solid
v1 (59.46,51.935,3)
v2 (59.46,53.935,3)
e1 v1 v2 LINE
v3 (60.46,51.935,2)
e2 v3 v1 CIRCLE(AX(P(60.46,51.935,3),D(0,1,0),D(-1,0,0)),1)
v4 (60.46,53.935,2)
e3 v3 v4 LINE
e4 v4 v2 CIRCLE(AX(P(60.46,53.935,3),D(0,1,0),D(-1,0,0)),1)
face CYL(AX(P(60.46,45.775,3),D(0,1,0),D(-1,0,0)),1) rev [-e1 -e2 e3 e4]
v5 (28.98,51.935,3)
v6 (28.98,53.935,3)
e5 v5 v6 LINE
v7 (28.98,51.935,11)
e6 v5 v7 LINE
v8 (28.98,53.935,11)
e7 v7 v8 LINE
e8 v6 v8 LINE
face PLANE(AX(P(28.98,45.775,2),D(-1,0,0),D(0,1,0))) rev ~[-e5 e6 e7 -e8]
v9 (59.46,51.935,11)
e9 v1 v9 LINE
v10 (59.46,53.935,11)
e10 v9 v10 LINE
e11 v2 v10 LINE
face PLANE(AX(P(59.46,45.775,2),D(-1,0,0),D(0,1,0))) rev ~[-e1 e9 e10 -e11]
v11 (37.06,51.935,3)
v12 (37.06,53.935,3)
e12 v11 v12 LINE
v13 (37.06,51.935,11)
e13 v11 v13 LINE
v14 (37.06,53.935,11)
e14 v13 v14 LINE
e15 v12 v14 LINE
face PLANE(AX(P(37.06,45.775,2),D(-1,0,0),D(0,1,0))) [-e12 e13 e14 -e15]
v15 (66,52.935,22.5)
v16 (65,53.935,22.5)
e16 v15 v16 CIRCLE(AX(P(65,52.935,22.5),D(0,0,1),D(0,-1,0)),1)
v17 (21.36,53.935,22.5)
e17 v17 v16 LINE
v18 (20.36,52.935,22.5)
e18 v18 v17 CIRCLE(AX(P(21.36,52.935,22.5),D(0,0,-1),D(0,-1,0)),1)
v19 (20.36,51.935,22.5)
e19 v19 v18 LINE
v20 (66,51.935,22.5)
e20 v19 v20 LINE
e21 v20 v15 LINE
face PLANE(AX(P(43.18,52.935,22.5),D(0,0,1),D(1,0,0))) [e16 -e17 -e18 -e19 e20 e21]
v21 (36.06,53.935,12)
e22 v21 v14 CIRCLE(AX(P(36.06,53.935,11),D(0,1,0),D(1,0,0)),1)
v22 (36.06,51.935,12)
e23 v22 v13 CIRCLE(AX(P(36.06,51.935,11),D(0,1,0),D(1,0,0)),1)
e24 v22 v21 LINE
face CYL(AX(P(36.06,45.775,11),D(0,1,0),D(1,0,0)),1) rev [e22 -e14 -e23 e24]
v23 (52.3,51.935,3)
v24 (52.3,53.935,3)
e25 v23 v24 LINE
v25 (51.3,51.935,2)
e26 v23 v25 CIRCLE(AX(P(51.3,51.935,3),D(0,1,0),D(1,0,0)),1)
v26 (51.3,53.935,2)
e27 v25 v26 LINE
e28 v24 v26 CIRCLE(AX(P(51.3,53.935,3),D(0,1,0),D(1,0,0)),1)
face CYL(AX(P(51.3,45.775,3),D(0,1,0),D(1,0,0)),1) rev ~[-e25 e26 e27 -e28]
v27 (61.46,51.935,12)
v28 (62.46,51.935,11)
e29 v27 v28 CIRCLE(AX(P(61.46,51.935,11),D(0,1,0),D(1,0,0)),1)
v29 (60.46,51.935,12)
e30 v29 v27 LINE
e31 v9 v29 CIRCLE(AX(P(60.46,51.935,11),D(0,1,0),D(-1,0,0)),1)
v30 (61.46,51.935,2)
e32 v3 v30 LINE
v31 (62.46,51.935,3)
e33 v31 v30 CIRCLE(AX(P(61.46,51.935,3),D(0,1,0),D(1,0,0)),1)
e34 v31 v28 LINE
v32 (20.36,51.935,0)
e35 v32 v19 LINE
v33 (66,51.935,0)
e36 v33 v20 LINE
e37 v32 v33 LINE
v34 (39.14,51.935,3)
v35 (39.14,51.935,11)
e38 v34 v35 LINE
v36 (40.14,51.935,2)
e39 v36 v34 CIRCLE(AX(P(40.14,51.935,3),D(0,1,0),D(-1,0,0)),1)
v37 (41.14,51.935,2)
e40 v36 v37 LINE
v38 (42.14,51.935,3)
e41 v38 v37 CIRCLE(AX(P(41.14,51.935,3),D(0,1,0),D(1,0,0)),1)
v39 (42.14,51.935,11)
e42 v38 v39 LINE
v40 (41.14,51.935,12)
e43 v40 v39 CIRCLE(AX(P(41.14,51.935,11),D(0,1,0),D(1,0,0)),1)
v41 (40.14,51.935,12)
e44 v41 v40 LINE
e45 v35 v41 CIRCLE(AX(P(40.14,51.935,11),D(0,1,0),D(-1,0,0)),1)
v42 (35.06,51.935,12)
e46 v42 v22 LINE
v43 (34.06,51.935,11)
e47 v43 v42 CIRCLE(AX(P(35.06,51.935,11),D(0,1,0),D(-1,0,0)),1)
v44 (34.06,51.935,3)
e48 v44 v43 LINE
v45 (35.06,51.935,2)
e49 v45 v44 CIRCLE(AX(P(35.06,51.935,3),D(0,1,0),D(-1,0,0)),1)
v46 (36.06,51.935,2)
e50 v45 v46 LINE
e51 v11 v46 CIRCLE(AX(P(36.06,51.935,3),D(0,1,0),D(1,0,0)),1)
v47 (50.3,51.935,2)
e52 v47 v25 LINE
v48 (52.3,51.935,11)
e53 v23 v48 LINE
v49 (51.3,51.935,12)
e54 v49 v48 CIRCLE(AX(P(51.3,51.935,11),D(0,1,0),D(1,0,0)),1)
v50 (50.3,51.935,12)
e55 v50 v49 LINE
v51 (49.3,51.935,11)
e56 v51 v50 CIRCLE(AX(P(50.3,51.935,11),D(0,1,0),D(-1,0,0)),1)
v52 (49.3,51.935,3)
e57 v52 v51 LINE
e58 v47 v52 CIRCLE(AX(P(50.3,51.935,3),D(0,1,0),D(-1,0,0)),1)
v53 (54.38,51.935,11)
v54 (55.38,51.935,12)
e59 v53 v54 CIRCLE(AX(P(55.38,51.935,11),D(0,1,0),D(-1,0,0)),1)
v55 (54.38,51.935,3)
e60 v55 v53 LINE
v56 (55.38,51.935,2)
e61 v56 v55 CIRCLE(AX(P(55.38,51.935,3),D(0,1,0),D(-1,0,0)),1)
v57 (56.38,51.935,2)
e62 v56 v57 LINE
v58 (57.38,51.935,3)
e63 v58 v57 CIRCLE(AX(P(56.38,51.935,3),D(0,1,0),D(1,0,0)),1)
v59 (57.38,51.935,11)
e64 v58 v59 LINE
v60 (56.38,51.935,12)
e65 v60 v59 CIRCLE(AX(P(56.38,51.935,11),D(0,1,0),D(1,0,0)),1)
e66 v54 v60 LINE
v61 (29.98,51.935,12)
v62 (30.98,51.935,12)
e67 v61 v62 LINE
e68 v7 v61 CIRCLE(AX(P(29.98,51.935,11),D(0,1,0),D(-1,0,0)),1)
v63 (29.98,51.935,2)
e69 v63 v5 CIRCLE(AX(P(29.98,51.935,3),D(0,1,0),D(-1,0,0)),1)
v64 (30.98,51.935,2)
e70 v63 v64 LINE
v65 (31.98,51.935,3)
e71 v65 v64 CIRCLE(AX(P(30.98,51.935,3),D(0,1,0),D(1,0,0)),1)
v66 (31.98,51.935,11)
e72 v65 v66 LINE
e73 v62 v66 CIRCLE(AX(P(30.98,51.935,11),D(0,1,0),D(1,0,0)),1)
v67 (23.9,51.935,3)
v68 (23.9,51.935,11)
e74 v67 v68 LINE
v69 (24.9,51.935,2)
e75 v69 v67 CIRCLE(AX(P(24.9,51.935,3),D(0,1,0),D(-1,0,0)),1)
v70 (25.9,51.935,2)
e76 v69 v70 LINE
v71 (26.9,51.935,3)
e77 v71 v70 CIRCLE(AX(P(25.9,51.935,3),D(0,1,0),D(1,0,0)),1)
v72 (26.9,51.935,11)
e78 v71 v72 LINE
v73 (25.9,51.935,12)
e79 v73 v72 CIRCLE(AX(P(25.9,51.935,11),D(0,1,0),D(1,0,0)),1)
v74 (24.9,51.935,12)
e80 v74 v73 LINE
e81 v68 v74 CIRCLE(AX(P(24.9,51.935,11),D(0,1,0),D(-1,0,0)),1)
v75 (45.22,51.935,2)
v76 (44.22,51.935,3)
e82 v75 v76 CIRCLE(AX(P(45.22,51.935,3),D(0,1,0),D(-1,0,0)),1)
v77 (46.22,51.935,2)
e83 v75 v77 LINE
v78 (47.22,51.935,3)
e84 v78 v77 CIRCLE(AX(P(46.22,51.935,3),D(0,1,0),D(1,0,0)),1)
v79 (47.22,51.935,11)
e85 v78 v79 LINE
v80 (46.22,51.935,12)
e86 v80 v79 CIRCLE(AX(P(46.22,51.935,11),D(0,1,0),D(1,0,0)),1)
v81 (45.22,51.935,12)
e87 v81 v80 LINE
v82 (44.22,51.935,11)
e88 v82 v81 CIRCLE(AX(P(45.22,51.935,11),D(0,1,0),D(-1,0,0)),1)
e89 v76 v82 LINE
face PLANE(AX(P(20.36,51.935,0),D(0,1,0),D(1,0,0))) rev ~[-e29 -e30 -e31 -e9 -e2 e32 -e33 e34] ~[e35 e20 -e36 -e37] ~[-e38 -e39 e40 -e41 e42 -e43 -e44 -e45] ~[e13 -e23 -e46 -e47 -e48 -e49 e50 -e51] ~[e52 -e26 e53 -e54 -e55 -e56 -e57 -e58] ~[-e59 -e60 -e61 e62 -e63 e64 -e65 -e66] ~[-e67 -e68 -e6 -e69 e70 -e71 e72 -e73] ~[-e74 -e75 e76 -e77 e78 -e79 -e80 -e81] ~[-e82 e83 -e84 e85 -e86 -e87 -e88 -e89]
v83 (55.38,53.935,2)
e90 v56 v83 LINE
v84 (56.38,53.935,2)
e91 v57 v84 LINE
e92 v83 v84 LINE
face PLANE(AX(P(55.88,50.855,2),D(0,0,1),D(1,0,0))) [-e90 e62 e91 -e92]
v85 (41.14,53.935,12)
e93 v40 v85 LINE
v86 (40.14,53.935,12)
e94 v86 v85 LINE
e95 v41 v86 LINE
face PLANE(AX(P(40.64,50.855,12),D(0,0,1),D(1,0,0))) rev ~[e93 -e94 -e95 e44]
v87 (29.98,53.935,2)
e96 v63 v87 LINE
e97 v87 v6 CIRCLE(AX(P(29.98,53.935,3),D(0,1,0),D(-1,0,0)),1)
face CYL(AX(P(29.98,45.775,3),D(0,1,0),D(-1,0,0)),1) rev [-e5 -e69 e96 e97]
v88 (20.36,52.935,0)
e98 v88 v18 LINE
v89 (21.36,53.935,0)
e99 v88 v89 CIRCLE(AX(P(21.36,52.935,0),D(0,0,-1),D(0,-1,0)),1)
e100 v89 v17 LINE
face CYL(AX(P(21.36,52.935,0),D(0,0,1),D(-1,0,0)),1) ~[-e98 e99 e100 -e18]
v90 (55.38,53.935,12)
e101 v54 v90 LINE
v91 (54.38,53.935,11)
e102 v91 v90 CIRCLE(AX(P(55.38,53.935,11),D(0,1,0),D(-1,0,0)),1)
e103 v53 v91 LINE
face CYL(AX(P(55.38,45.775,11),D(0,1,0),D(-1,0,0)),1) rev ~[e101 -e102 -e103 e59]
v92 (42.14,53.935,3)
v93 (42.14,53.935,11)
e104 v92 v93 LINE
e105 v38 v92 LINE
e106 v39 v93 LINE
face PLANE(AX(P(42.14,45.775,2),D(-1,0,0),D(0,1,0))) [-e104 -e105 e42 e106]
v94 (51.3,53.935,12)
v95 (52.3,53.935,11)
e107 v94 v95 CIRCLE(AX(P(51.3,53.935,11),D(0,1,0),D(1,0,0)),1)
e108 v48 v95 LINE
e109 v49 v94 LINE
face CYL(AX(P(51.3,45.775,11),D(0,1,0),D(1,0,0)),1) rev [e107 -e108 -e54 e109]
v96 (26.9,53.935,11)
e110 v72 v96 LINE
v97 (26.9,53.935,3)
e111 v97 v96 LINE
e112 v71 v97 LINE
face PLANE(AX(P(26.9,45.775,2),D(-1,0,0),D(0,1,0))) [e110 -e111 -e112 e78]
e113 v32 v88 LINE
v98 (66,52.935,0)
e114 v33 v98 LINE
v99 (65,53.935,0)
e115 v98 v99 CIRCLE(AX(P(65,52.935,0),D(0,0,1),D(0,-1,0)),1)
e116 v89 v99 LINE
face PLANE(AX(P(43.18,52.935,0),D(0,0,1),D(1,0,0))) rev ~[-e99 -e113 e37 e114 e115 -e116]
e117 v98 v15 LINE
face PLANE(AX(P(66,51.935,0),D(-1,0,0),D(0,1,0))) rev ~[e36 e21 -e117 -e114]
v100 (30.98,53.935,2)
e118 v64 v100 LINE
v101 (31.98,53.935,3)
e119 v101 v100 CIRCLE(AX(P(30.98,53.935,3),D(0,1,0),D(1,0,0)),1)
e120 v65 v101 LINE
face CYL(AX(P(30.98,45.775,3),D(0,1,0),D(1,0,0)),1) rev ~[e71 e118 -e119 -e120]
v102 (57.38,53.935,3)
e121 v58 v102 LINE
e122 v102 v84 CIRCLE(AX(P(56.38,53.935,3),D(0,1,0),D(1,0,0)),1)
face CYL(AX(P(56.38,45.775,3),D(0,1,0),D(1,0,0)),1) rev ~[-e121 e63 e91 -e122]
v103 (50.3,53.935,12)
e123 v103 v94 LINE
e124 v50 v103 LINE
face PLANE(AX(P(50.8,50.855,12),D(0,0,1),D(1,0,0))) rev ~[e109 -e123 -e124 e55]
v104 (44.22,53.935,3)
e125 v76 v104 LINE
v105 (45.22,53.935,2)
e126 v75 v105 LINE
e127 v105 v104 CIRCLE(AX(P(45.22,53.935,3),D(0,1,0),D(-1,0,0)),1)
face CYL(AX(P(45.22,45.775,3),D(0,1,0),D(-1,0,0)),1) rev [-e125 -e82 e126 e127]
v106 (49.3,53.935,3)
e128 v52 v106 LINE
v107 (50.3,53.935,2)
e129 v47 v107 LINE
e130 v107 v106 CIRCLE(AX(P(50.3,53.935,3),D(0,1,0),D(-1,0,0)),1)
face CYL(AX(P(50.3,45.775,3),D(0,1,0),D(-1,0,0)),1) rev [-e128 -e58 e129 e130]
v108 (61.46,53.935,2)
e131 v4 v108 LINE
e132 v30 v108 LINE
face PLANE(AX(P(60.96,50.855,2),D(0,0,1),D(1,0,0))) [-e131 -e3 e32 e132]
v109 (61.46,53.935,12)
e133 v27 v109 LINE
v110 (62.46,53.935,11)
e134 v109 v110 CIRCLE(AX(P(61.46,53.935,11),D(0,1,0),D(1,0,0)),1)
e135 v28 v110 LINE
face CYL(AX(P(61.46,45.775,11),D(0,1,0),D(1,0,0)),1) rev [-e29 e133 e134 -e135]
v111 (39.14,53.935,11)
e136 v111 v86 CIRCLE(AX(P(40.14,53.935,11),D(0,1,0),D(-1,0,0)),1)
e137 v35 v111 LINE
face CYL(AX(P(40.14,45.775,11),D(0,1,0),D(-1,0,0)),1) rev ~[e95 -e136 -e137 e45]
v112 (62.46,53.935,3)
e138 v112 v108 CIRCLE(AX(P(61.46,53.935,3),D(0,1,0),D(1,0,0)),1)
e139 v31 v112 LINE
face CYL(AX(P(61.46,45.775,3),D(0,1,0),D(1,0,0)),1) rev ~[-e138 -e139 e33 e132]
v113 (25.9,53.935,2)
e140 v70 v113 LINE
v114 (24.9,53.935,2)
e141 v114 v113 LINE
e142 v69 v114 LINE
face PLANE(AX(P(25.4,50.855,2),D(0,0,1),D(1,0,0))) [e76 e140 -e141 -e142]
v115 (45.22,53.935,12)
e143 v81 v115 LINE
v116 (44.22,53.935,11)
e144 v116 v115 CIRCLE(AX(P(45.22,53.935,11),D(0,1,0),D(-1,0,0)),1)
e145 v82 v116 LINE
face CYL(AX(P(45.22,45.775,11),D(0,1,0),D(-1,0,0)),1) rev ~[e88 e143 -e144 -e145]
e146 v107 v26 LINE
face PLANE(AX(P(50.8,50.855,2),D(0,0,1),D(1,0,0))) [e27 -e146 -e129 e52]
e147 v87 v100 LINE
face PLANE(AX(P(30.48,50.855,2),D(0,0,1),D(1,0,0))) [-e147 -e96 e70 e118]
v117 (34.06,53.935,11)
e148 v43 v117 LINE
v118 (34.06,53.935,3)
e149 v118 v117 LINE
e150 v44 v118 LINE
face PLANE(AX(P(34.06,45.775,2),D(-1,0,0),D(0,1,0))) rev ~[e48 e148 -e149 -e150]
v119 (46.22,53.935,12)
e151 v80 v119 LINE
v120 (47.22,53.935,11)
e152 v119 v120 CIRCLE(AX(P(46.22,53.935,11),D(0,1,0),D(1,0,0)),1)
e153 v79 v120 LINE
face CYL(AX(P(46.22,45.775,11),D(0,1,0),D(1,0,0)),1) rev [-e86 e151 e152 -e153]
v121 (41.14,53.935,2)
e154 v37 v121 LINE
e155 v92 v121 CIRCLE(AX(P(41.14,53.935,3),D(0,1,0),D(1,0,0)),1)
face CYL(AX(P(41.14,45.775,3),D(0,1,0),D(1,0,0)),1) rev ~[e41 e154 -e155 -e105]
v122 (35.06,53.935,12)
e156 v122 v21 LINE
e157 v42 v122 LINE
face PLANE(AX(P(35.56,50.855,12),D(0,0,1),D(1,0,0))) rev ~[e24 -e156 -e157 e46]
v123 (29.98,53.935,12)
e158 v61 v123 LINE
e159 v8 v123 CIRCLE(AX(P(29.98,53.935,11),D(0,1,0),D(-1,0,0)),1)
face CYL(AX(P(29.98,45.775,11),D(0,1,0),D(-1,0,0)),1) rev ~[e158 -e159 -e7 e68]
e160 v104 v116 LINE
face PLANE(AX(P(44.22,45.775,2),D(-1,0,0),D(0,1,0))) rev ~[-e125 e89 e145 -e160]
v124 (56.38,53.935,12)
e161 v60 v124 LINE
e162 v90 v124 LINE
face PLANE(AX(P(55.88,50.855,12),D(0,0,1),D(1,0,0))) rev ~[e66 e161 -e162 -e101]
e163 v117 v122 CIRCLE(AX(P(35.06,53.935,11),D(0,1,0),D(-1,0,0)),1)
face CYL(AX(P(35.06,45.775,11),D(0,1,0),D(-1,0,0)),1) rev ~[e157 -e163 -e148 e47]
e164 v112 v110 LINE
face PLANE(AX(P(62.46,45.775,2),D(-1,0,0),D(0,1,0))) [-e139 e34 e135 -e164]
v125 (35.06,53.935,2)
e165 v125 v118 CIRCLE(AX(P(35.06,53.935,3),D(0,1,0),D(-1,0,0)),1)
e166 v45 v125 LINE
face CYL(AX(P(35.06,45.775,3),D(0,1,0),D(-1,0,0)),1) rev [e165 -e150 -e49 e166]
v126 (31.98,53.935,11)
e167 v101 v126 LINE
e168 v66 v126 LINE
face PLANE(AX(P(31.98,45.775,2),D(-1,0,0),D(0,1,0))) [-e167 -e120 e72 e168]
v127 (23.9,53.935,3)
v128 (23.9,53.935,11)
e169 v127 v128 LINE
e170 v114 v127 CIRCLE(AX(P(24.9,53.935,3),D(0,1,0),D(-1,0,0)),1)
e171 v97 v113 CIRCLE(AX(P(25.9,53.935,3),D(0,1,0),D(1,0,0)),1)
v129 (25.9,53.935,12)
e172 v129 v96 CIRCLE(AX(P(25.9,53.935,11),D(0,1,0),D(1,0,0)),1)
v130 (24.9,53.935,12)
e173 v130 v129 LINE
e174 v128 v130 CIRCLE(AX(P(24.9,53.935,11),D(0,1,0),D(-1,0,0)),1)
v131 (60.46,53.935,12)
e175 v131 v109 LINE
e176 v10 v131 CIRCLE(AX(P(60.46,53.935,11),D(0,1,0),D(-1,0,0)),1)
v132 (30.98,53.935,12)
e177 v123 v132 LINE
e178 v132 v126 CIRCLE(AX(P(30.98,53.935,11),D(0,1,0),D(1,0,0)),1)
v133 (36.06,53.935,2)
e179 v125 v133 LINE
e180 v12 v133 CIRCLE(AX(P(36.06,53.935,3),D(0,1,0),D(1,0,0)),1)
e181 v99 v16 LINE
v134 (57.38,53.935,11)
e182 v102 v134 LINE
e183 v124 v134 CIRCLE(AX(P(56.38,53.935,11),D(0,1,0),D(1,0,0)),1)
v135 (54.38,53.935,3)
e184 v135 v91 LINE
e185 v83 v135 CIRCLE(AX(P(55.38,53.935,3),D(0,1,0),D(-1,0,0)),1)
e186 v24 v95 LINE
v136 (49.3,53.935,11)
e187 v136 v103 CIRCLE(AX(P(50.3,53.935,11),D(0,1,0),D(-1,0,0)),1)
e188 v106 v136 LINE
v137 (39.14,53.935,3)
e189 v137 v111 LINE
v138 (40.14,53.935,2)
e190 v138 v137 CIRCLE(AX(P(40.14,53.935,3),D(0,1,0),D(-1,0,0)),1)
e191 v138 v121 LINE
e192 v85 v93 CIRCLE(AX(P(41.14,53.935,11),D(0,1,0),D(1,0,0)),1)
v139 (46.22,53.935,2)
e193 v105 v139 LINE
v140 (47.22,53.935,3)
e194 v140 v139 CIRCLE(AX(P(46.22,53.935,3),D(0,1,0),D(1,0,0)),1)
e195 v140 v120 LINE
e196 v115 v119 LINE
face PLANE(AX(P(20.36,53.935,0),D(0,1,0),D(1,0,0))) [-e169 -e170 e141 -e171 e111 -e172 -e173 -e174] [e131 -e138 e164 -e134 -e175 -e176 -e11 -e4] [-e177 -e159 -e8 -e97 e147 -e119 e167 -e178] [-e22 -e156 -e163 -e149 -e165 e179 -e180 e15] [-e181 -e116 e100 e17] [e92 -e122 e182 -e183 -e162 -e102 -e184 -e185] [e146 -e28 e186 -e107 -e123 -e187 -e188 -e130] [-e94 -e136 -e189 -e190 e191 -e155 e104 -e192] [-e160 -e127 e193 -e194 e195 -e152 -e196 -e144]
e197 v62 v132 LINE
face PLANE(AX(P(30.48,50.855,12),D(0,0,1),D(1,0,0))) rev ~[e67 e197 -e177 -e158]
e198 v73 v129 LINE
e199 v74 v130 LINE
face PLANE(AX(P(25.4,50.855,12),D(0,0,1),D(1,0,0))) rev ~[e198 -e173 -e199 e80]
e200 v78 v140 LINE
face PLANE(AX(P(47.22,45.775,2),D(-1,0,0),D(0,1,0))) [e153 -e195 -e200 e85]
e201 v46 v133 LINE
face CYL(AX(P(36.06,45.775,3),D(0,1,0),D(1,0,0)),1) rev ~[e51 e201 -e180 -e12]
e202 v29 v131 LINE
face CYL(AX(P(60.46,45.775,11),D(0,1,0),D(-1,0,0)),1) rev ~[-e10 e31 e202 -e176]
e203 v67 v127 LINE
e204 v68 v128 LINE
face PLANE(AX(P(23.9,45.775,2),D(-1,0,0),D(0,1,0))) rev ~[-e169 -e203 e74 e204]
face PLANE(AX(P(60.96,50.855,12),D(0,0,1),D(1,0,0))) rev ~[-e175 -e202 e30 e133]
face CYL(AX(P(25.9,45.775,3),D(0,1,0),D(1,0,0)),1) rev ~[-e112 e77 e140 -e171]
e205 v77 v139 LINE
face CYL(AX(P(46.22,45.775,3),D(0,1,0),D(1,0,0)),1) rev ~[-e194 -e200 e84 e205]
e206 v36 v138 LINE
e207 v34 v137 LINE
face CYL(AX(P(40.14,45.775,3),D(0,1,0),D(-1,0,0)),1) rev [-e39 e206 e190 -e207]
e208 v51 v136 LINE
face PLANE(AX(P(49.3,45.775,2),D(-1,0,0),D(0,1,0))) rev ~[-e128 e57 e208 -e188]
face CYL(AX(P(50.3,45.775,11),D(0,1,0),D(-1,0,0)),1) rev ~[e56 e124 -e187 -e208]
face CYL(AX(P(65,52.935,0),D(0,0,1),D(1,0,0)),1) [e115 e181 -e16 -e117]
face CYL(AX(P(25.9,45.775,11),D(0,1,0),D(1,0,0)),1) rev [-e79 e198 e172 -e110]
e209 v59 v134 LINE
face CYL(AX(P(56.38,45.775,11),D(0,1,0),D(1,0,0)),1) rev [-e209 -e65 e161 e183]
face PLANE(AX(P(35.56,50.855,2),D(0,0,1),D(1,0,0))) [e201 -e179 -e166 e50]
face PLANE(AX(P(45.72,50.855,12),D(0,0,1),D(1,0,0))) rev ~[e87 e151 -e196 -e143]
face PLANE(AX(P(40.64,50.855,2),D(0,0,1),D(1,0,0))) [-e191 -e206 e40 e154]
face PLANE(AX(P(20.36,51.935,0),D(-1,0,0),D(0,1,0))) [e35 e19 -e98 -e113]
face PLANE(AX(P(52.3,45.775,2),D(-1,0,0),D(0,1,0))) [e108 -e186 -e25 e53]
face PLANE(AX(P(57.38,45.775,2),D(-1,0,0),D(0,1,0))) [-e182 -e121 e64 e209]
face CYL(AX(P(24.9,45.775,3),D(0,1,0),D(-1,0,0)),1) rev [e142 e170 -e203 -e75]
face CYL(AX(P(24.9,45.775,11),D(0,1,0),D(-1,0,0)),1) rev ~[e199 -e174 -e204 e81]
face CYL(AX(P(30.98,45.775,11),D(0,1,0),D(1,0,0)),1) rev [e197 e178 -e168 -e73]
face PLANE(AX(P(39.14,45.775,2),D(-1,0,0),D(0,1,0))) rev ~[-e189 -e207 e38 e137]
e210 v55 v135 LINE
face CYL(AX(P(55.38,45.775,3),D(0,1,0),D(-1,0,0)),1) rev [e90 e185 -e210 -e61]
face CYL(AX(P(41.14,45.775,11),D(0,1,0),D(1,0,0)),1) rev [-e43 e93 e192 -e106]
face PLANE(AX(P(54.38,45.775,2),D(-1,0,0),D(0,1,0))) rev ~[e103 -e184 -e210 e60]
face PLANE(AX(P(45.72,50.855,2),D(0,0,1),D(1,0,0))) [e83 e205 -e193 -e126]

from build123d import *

# Parameters (mm, degrees)
BOX036_W     = 3
BOX036_H     = 10.16
BOX036_DEPTH = 10
FILLET002_R  = 1
BOX035_W     = 3
BOX035_H     = 10.16
BOX035_DEPTH = 10
FILLET001_R  = 1
BOX037_W     = 3
BOX037_H     = 10.16
BOX037_DEPTH = 10
FILLET003_R  = 1
BOX038_W     = 3
BOX038_H     = 10.16
BOX038_DEPTH = 10
FILLET004_R  = 1
BOX039_W     = 3
BOX039_H     = 10.16
BOX039_DEPTH = 10
FILLET005_R  = 1
BOX040_W     = 3
BOX040_H     = 10.16
BOX040_DEPTH = 10
FILLET006_R  = 1
BOX041_W     = 3
BOX041_H     = 10.16
BOX041_DEPTH = 10
FILLET007_R  = 1
BOX032_W     = 3
BOX032_H     = 10.16
BOX032_DEPTH = 10
FILLET_R     = 1
BOX021_W     = 45.64
BOX021_H     = 2
BOX021_DEPTH = 22.5
FILLET008_R  = 1


with BuildPart() as fillet002:
    # Box036 → Box036 (new body)
    with BuildSketch(Plane(origin=(49.3, 45.775, 2), x_dir=(1, 0, 0), z_dir=(0, 0, 1))):
        with Locations((1.5, 5.08)):
            Rectangle(BOX036_W, BOX036_H)
    extrude(amount=BOX036_DEPTH)

    # Fillet002
    fillet002_edges = [fillet002.edges().sort_by_distance(p)[0] for p in [
        (49.3, 50.855, 12),
        (49.3, 50.855, 2),
        (52.3, 50.855, 12),
        (52.3, 50.855, 2),
    ]]
    fillet(fillet002_edges, radius=FILLET002_R)


with BuildPart() as fillet001:
    # Box035 → Box035 (new body)
    with BuildSketch(Plane(origin=(54.38, 45.775, 2), x_dir=(1, 0, 0), z_dir=(0, 0, 1))):
        with Locations((1.5, 5.08)):
            Rectangle(BOX035_W, BOX035_H)
    extrude(amount=BOX035_DEPTH)

    # Fillet001
    fillet001_edges = [fillet001.edges().sort_by_distance(p)[0] for p in [
        (54.38, 50.855, 12),
        (54.38, 50.855, 2),
        (57.38, 50.855, 12),
        (57.38, 50.855, 2),
    ]]
    fillet(fillet001_edges, radius=FILLET001_R)


with BuildPart() as fillet003:
    # Box037 → Box037 (new body)
    with BuildSketch(Plane(origin=(44.22, 45.775, 2), x_dir=(1, 0, 0), z_dir=(0, 0, 1))):
        with Locations((1.5, 5.08)):
            Rectangle(BOX037_W, BOX037_H)
    extrude(amount=BOX037_DEPTH)

    # Fillet003
    fillet003_edges = [fillet003.edges().sort_by_distance(p)[0] for p in [
        (44.22, 50.855, 12),
        (44.22, 50.855, 2),
        (47.22, 50.855, 12),
        (47.22, 50.855, 2),
    ]]
    fillet(fillet003_edges, radius=FILLET003_R)


with BuildPart() as fillet004:
    # Box038 → Box038 (new body)
    with BuildSketch(Plane(origin=(39.14, 45.775, 2), x_dir=(1, 0, 0), z_dir=(0, 0, 1))):
        with Locations((1.5, 5.08)):
            Rectangle(BOX038_W, BOX038_H)
    extrude(amount=BOX038_DEPTH)

    # Fillet004
    fillet004_edges = [fillet004.edges().sort_by_distance(p)[0] for p in [
        (39.14, 50.855, 12),
        (39.14, 50.855, 2),
        (42.14, 50.855, 12),
        (42.14, 50.855, 2),
    ]]
    fillet(fillet004_edges, radius=FILLET004_R)


with BuildPart() as fillet005:
    # Box039 → Box039 (new body)
    with BuildSketch(Plane(origin=(34.06, 45.775, 2), x_dir=(1, 0, 0), z_dir=(0, 0, 1))):
        with Locations((1.5, 5.08)):
            Rectangle(BOX039_W, BOX039_H)
    extrude(amount=BOX039_DEPTH)

    # Fillet005
    fillet005_edges = [fillet005.edges().sort_by_distance(p)[0] for p in [
        (34.06, 50.855, 12),
        (34.06, 50.855, 2),
        (37.06, 50.855, 12),
        (37.06, 50.855, 2),
    ]]
    fillet(fillet005_edges, radius=FILLET005_R)


with BuildPart() as fillet006:
    # Box040 → Box040 (new body)
    with BuildSketch(Plane(origin=(28.98, 45.775, 2), x_dir=(1, 0, 0), z_dir=(0, 0, 1))):
        with Locations((1.5, 5.08)):
            Rectangle(BOX040_W, BOX040_H)
    extrude(amount=BOX040_DEPTH)

    # Fillet006
    fillet006_edges = [fillet006.edges().sort_by_distance(p)[0] for p in [
        (28.98, 50.855, 12),
        (28.98, 50.855, 2),
        (31.98, 50.855, 12),
        (31.98, 50.855, 2),
    ]]
    fillet(fillet006_edges, radius=FILLET006_R)


with BuildPart() as fillet007:
    # Box041 → Box041 (new body)
    with BuildSketch(Plane(origin=(23.9, 45.775, 2), x_dir=(1, 0, 0), z_dir=(0, 0, 1))):
        with Locations((1.5, 5.08)):
            Rectangle(BOX041_W, BOX041_H)
    extrude(amount=BOX041_DEPTH)

    # Fillet007
    fillet007_edges = [fillet007.edges().sort_by_distance(p)[0] for p in [
        (23.9, 50.855, 12),
        (23.9, 50.855, 2),
        (26.9, 50.855, 12),
        (26.9, 50.855, 2),
    ]]
    fillet(fillet007_edges, radius=FILLET007_R)


with BuildPart() as fusion:
    # Box032 → Box032 (new body)
    with BuildSketch(Plane(origin=(59.46, 45.775, 2), x_dir=(1, 0, 0), z_dir=(0, 0, 1))):
        with Locations((1.5, 5.08)):
            Rectangle(BOX032_W, BOX032_H)
    extrude(amount=BOX032_DEPTH)

    # Fillet
    fillet_edges = [fusion.edges().sort_by_distance(p)[0] for p in [
        (59.46, 50.855, 12),
        (59.46, 50.855, 2),
        (62.46, 50.855, 12),
        (62.46, 50.855, 2),
    ]]
    fillet(fillet_edges, radius=FILLET_R)

    # Fusion: union Fillet002, Fillet001, Fillet003, Fillet004, Fillet005, Fillet006, Fillet007
    add(fillet002.part)
    add(fillet001.part)
    add(fillet003.part)
    add(fillet004.part)
    add(fillet005.part)
    add(fillet006.part)
    add(fillet007.part)


with BuildPart() as cut:
    # Box021 → Box021 (new body)
    with BuildSketch(Plane(origin=(20.36, 51.935, 0), x_dir=(1, 0, 0), z_dir=(0, 0, 1))):
        with Locations((22.82, 1)):
            Rectangle(BOX021_W, BOX021_H)
    extrude(amount=BOX021_DEPTH)

    # Fillet008
    fillet008_edges = [cut.edges().sort_by_distance(p)[0] for p in [
        (20.36, 53.935, 11.25),
        (66, 53.935, 11.25),
    ]]
    fillet(fillet008_edges, radius=FILLET008_R)

    # Cut: cut Fusion
    add(fusion.part, mode=Mode.SUBTRACT)


solid = cut.part
